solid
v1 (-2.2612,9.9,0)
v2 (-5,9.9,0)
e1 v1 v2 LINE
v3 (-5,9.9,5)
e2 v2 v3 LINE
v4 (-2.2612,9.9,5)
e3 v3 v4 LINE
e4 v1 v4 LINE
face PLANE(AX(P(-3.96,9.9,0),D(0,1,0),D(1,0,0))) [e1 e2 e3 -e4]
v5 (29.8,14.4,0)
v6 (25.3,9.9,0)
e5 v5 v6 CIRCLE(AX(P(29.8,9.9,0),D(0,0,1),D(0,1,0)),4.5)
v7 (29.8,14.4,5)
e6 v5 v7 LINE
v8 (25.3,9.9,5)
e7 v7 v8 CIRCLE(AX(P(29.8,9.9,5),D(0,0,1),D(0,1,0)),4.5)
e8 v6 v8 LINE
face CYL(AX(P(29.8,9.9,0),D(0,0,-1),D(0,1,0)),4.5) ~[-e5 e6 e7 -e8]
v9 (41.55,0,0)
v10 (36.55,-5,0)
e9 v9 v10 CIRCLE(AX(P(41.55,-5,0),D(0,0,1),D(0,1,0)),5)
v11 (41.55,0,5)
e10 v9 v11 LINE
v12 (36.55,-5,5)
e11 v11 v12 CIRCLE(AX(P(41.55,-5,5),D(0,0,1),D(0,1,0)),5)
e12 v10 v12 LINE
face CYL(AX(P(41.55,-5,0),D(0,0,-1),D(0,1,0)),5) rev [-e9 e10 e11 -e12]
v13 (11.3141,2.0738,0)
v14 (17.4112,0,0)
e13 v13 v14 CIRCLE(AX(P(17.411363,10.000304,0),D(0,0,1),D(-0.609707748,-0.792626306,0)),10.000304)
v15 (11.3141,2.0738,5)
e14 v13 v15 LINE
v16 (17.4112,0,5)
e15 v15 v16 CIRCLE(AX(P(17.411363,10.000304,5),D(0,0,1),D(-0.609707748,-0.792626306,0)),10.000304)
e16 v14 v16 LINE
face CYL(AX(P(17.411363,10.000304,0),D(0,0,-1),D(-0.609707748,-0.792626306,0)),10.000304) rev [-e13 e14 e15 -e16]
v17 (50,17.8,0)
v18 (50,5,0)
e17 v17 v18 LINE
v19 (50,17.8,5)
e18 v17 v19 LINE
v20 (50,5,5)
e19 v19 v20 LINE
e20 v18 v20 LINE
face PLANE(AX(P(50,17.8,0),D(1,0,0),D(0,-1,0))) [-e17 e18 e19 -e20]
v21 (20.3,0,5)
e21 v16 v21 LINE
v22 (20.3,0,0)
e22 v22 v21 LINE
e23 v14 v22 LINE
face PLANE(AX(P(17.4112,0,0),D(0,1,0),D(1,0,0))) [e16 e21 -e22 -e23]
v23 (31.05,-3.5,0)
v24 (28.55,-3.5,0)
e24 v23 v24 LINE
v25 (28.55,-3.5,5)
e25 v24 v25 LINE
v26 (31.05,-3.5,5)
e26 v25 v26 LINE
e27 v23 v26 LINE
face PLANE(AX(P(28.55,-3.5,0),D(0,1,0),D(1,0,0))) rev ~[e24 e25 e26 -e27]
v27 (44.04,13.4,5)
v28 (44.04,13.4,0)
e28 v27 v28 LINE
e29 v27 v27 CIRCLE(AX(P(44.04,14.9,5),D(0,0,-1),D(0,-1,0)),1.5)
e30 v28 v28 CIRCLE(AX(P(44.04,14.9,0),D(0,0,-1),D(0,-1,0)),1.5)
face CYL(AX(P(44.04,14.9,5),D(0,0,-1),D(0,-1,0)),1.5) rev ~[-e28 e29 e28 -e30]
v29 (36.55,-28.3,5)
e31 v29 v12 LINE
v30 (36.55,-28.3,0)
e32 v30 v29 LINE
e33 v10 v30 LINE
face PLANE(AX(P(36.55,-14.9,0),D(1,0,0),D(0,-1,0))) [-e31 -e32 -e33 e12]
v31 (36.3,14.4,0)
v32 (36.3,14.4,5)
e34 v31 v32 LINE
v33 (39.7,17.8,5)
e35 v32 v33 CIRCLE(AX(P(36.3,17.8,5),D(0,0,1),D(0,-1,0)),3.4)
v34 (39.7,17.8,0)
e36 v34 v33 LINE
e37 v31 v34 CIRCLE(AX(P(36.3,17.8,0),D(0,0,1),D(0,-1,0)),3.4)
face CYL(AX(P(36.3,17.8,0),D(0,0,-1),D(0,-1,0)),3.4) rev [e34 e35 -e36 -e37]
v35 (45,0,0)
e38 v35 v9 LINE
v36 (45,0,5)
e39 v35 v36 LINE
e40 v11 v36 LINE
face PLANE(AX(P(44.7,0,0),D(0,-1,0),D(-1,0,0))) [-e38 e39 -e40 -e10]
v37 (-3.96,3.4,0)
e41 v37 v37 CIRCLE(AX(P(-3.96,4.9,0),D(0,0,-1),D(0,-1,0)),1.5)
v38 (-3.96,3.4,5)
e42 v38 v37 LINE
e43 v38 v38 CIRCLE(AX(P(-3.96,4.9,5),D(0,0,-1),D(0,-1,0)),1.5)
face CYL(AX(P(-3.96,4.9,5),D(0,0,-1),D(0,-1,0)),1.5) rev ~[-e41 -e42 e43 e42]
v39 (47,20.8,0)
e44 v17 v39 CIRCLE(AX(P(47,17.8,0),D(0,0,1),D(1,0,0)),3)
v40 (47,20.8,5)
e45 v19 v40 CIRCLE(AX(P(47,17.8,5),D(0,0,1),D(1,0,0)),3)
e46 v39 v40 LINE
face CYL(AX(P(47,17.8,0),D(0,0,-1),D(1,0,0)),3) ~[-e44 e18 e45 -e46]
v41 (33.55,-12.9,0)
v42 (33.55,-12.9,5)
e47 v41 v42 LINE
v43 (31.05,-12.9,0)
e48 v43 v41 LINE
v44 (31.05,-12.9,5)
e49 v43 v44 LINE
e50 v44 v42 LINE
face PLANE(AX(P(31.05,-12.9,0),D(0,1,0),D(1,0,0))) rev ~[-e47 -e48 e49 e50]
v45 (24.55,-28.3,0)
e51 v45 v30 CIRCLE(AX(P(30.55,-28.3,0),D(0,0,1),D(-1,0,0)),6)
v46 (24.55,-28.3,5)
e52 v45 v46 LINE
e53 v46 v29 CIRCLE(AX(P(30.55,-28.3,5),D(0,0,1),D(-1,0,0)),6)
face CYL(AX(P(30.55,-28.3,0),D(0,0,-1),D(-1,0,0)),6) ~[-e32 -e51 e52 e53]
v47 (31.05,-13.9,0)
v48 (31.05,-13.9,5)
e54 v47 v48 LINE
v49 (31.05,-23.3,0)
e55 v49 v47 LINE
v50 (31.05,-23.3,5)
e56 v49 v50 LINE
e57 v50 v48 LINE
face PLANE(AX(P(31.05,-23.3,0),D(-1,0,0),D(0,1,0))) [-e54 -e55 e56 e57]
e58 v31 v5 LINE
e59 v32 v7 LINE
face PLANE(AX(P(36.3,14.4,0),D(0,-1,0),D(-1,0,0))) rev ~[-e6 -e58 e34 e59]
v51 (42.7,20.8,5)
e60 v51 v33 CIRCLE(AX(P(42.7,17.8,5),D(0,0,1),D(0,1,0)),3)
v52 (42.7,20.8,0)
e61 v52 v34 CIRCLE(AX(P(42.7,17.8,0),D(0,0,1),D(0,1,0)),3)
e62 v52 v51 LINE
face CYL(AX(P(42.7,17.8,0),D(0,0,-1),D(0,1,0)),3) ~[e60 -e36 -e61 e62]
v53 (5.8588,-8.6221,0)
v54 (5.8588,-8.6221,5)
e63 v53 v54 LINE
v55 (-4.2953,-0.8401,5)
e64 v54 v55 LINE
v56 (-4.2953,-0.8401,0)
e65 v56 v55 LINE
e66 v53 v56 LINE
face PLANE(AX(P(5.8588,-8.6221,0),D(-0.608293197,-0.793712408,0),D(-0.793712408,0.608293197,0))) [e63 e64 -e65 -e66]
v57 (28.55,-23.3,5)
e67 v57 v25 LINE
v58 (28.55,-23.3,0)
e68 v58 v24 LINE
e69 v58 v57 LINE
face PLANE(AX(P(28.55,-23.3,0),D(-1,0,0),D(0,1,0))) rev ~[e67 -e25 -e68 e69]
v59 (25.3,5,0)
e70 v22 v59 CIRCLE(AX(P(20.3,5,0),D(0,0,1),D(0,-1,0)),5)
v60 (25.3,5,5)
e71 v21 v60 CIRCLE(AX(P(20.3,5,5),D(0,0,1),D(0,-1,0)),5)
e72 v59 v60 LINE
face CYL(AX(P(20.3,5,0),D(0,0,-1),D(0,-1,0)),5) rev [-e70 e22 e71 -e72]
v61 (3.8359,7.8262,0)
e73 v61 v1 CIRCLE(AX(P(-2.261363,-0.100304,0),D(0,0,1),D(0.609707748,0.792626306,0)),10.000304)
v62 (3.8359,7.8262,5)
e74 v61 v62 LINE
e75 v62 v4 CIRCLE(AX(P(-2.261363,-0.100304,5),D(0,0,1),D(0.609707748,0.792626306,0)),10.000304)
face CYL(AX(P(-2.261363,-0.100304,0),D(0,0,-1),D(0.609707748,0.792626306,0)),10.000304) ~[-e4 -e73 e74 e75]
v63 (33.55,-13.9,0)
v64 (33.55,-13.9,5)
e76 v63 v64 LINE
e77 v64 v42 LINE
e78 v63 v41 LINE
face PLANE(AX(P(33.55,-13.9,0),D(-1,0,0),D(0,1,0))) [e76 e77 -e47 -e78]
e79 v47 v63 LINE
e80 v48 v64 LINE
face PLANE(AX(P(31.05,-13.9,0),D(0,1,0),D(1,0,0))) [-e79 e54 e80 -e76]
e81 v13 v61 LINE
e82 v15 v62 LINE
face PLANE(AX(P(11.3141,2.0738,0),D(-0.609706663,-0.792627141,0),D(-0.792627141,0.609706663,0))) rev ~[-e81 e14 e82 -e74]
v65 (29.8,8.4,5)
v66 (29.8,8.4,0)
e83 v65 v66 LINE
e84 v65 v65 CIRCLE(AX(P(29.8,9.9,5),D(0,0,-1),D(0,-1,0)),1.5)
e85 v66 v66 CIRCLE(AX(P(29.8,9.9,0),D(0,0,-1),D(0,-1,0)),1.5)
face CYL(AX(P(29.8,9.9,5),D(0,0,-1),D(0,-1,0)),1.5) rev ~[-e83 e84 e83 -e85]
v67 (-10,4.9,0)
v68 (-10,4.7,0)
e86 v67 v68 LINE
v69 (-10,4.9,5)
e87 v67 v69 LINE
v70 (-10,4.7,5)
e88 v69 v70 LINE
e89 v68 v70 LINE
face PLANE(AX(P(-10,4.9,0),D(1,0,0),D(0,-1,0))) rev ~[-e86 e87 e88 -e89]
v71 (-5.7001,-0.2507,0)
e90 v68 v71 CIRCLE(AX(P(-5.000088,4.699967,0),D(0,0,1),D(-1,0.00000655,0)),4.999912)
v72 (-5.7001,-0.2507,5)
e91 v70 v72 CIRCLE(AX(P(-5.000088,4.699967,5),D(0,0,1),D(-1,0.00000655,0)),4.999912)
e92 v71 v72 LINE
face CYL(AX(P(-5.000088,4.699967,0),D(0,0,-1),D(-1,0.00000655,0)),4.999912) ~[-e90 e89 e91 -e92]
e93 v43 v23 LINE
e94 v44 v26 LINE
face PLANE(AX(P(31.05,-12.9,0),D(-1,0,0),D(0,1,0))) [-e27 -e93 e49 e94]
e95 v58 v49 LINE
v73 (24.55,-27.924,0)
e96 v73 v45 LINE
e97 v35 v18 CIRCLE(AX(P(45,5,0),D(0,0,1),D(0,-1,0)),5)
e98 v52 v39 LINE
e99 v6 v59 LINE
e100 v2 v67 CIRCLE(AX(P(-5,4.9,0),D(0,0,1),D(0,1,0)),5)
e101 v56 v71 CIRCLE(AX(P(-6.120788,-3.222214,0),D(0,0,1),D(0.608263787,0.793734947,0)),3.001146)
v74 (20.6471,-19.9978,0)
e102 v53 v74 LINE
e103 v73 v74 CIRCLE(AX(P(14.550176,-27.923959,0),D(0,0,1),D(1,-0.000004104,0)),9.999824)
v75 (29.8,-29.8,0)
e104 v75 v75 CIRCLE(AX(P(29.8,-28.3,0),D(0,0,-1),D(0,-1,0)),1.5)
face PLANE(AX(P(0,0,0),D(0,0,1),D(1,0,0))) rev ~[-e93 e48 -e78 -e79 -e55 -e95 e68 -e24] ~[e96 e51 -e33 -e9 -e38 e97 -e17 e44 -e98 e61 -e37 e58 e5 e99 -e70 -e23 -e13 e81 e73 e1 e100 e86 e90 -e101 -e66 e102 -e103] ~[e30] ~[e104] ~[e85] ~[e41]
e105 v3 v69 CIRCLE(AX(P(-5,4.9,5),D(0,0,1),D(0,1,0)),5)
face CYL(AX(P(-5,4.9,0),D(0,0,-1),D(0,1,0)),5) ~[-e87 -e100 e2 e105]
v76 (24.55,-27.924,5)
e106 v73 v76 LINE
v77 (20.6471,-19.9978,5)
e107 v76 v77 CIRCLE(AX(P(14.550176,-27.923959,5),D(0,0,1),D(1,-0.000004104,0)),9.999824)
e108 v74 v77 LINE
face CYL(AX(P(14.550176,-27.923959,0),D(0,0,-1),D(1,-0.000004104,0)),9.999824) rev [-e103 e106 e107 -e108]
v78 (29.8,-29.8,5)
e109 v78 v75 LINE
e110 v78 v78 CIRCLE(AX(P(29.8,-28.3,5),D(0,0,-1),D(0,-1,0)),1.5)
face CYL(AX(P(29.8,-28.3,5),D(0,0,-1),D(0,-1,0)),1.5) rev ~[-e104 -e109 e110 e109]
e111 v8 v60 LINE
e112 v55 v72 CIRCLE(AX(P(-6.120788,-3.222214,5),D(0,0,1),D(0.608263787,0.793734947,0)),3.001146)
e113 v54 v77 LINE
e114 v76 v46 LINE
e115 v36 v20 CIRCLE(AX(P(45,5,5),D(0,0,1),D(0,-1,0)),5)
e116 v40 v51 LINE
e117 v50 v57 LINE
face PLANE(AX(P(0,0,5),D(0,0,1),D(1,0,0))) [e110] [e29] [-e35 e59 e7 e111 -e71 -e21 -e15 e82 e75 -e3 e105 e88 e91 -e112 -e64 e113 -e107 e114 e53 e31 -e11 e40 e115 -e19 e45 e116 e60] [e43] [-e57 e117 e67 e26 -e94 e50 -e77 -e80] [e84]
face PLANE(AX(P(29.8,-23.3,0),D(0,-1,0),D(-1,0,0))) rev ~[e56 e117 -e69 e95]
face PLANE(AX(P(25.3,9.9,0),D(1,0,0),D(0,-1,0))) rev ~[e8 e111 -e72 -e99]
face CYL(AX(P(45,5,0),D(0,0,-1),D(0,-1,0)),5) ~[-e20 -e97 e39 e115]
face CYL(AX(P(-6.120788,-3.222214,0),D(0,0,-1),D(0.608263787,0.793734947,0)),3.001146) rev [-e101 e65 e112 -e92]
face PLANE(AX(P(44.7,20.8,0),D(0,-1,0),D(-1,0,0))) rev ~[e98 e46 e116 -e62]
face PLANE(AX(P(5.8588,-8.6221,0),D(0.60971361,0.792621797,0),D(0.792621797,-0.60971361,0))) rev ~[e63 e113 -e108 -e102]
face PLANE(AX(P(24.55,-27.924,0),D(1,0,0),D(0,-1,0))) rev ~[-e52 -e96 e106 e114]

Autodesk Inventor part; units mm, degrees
ref_plane "YZ Plane" through (0, 0, 0) normal (1, 0, 0) x (0, 1, 0)
ref_plane "XZ Plane" through (0, 0, 0) normal (0, 1, 0) x (-1, 0, 0)
ref_plane "XY Plane" through (0, 0, 0) normal (0, 0, 1) x (1, 0, 0)
sketch "Sketch1" plane through (0, 0, 0) normal (0, 0, 1) x (1, 0, 0)
  line L0 (-3.96, 9.9) -> (-5, 9.9)
  line L1 (-3.96, 9.9) -> (-2.2612, 9.9)
  line L2 (-5, 9.9) -> (-2.2612, 9.9)
  arc A0 (3.8359, 7.8262) -> (-2.2612, 9.9) centre (-2.2612, -0.1) ccw
  arc A1 (3.8359, 7.8262) -> (-2.2612, 9.9) centre (-2.2612, -0.1) ccw
  line L3 (11.3141, 2.0738) -> (3.8359, 7.8262)
  line L4 (3.8359, 7.8262) -> (11.3141, 2.0738)
  line L5 (29.8, -3.5) -> (31.05, -3.5)
  line L6 (31.05, -23.3) -> (28.55, -23.3)
  line L7 (28.55, -23.3) -> (28.55, -3.5)
  line L8 (28.55, -23.3) -> (28.55, -3.5)
  line L9 (5.8588, -8.6221) -> (20.6471, -19.9978)
  line L10 (20.6471, -19.9978) -> (5.8588, -8.6221)
  line L11 (31.05, -12.9) -> (33.55, -12.9)
  line L12 (36.55, -13) -> (36.55, -5)
  line L13 (33.55, -13.9) -> (33.55, -12.9)
  line L14 (33.55, -12.9) -> (33.55, -13.9)
  line L15 (33.55, -12.9) -> (31.05, -12.9)
  line L16 (31.05, -13.9) -> (33.55, -13.9)
  line L17 (33.55, -13.9) -> (31.05, -13.9)
  line L18 (31.05, -23.3) -> (31.05, -13.9)
  line L19 (31.05, -13.9) -> (31.05, -23.3)
  line L20 (36.55, -5) -> (36.55, -28.3)
  line L21 (36.55, -13) -> (36.55, -14.9)
  line L22 (29.8, -23.3) -> (29.8, -28.3)
  line L23 (36.55, -14.9) -> (36.55, -28.3)
  line L24 (31.05, -12.9) -> (31.05, -3.5)
  line L25 (31.05, -3.5) -> (31.05, -12.9)
  arc A2 (29.8, 14.4) -> (25.3, 9.9) centre (29.8, 9.9) ccw
  arc A3 (29.8, 14.4) -> (25.3, 9.9) centre (29.8, 9.9) ccw
  arc A4 (36.3, 14.4) -> (39.7, 17.8) centre (36.3, 17.8) ccw
  arc A5 (36.3, 14.4) -> (39.7, 17.8) centre (36.3, 17.8) ccw
  line L26 (36.3, 14.4) -> (29.8, 14.4)
  line L27 (29.8, 14.4) -> (36.3, 14.4)
  line L28 (39.7, 17.8) -> (39.7, 17.8)
  arc A6 (-5, 9.9) -> (-10, 4.9) centre (-5, 4.9) ccw
  arc A7 (-5, 9.9) -> (-10, 4.9) centre (-5, 4.9) ccw
  arc A8 (-10, 4.7) -> (-5.7001, -0.2507) centre (-5, 4.7) ccw
  arc A9 (-10, 4.7) -> (-5.7001, -0.2507) centre (-5, 4.7) ccw
  line L29 (-10, 4.9) -> (-10, 4.7)
  line L30 (-10, 4.7) -> (-10, 4.9)
  line L31 (17.4112, 0) -> (20.3, 0)
  line L32 (28.55, -3.5) -> (29.8, -3.5)
  arc A10 (11.3141, 2.0738) -> (17.4112, 0) centre (17.4112, 10) ccw
  arc A11 (11.3141, 2.0738) -> (17.4112, 0) centre (17.4112, 10) ccw
  line L33 (50, 17.8) -> (50, 5)
  arc A12 (42.7, 20.8) -> (39.7, 17.8) centre (42.7, 17.8) ccw
  arc A13 (42.7, 20.8) -> (39.7, 17.8) centre (42.7, 17.8) ccw
  line L34 (44.7, 20.8) -> (42.7, 20.8)
  line L35 (42.7, 20.8) -> (46.7, 20.8)
  line L36 (44.7, 20.8) -> (47, 20.8)
  line L37 (50, 17.8) -> (50, 17.8)
  arc A14 (50, 17.8) -> (47, 20.8) centre (47, 17.8) ccw
  arc A15 (46.85, 20.7962) -> (46.7, 20.8) centre (46.7, 17.8) ccw
  line L38 (45, 0) -> (41.55, 0)
  arc A16 (41.55, 0) -> (36.55, -5) centre (41.55, -5) ccw
  arc A17 (45, 0) -> (50, 5) centre (45, 5) ccw
  line L39 (44.7, 0) -> (41.55, 0)
  line L40 (28.55, -3.5) -> (31.05, -3.5)
  arc A18 (41.55, 0) -> (36.55, -5) centre (41.55, -5) ccw
  arc A19 (44.7, 0) -> (44.85, 0.0023) centre (44.7, 5) ccw
  arc A20 (24.55, -28.3) -> (36.55, -28.3) centre (30.55, -28.3) ccw
  line L41 (31.05, -23.3) -> (28.55, -23.3)
  arc A21 (24.55, -27.924) -> (20.6471, -19.9978) centre (14.55, -27.924) ccw
  arc A22 (24.55, -27.924) -> (20.6471, -19.9978) centre (14.55, -27.924) ccw
  line L42 (24.55, -27.924) -> (24.55, -28.3)
  line L43 (24.55, -28.3) -> (24.55, -27.924)
  arc A23 (24.55, -28.3) -> (36.55, -28.3) centre (30.55, -28.3) ccw
  arc A24 (-4.2953, -0.8401) -> (-5.7001, -0.2507) centre (-6.1202, -3.2212) ccw
  arc A25 (-4.2953, -0.8401) -> (-5.7001, -0.2507) centre (-6.1202, -3.2212) ccw
  line L44 (5.8588, -8.6221) -> (-4.2953, -0.8401)
  line L45 (5.8588, -8.6221) -> (-4.2953, -0.8401)
  line L46 (25.3, 9.9) -> (25.3, 5)
  arc A26 (20.3, 0) -> (25.3, 5) centre (20.3, 5) ccw
  line L47 (25.3, 5) -> (25.3, 9.9)
  arc A27 (20.3, 0) -> (25.3, 5) centre (20.3, 5) ccw
  line L48 (17.4112, 0) -> (20.3, 0)
  point P0 (0, 0)
  point P1 (0, 0)
  dimension "d46" = 1.25
  dimension "d47" = 2.5
  dimension "d48" = 19.8
  dimension "d49" = 5
  dimension "d50" = 9.4
  dimension "d51" = 2.5
  dimension "d52" = 1
  dimension "d53" = 5
  dimension "d54" = 5
  dimension "d55" = 10
  dimension "d56" = 10
  dimension "d57" = 5
  dimension "d58" = 3
  dimension "d59" = 3
  dimension "d62" = 60
  dimension "d63" = 6.75
  dimension "d64" = 0.75
  dimension "d65" = 5.25
  dimension "d66" = 5
extrude "Extrusion1" add sketch "Sketch1" along normal blind 5
sketch "Sketch2" plane through (0, 0, 5) normal (0, 0, 1) x (1, 0, 0)
  arc A0 (29.8, 14.4) -> (25.3, 9.9) centre (29.8, 9.9) ccw projected
  line L0 (17.4112, 0) -> (20.3, 0)
  circle A1 centre (44.04, 14.9) radius 1.5
  circle A2 centre (-3.96, 4.9) radius 1.5
  line L1 (29.8, -3.5) -> (31.05, -3.5)
  line L2 (31.05, -23.3) -> (28.55, -23.3)
  line L3 (28.55, -23.3) -> (28.55, -3.5)
  line L4 (28.55, -3.5) -> (29.8, -3.5)
  line L5 (29.8, -23.3) -> (29.8, -28.3)
  circle A3 centre (29.8, -28.3) radius 1.5
  line L6 (31.05, -23.3) -> (31.05, -13.9)
  line L7 (31.05, -13.9) -> (33.55, -13.9)
  line L8 (33.55, -13.9) -> (33.55, -12.9)
  line L9 (33.55, -12.9) -> (31.05, -12.9)
  line L10 (31.05, -12.9) -> (31.05, -3.5)
  line L11 (36.55, -14.9) -> (36.55, -28.3)
  line L12 (50, 17.8) -> (50, 5)
  line L13 (36.55, -13) -> (36.55, -14.9)
  arc A4 (24.55, -28.3) -> (36.55, -28.3) centre (30.55, -28.3) ccw
  line L14 (24.55, -27.924) -> (24.55, -28.3)
  line L15 (5.8588, -8.6221) -> (20.6471, -19.9978)
  circle A5 centre (29.8, 9.9) radius 1.5
  arc A6 (29.8, 14.4) -> (25.3, 9.9) centre (29.8, 9.9) ccw
  line L16 (25.3, 9.9) -> (25.3, 5)
  line L17 (36.55, -13) -> (36.55, -5)
  line L18 (45, 0) -> (41.55, 0)
  line L19 (36.3, 14.4) -> (29.8, 14.4)
  arc A7 (36.3, 14.4) -> (39.7, 17.8) centre (36.3, 17.8) ccw
  arc A8 (41.55, 0) -> (36.55, -5) centre (41.55, -5) ccw
  arc A9 (45, 0) -> (50, 5) centre (45, 5) ccw
  arc A10 (20.3, 0) -> (25.3, 5) centre (20.3, 5) ccw
  arc A11 (24.55, -27.924) -> (20.6471, -19.9978) centre (14.55, -27.924) ccw
  line L20 (-3.96, 9.9) -> (-2.2612, 9.9)
  line L21 (-3.96, 9.9) -> (-5, 9.9)
  line L22 (-10, 4.9) -> (-10, 4.7)
  line L23 (11.3141, 2.0738) -> (3.8359, 7.8262)
  arc A12 (11.3141, 2.0738) -> (17.4112, 0) centre (17.4112, 10) ccw
  arc A13 (3.8359, 7.8262) -> (-2.2612, 9.9) centre (-2.2612, -0.1) ccw
  arc A14 (-5, 9.9) -> (-10, 4.9) centre (-5, 4.9) ccw
  arc A15 (-10, 4.7) -> (-5.7001, -0.2507) centre (-5, 4.7) ccw
  line L24 (5.8588, -8.6221) -> (-4.2953, -0.8401)
  arc A16 (-4.2953, -0.8401) -> (-5.7001, -0.2507) centre (-6.1202, -3.2212) ccw
  line L25 (39.7, 17.8) -> (39.7, 17.8)
  line L26 (50, 17.8) -> (50, 17.8)
  line L27 (44.7, 20.8) -> (47, 20.8)
  line L28 (44.7, 20.8) -> (42.7, 20.8)
  arc A17 (42.7, 20.8) -> (39.7, 17.8) centre (42.7, 17.8) ccw
  arc A18 (50, 17.8) -> (47, 20.8) centre (47, 17.8) ccw
  line L29 (36.55, -5) -> (36.55, -28.3) projected
  point P0 (0, 0)
  dimension "d16" = 1.25
  dimension "d17" = 2.5
  dimension "d18" = 19.8
  dimension "d19" = 5
  dimension "d20" = 9.4
  dimension "d21" = 2.5
  dimension "d22" = 1
  dimension "d23" = 5
  dimension "d24" = 5
  dimension "d25" = 10
  dimension "d26" = 10
  dimension "d27" = 5
  dimension "d28" = 3
  dimension "d29" = 3
  dimension "d37" = 48
  dimension "d39" = 10
  dimension "d40" = 60
  dimension "d41" = 6.75
  dimension "d42" = 0.75
  dimension "d43" = 5.25
  dimension "d44" = 5
  dimension "d45" = 33.2
hole "Hole1" at (29.8, -28.3, 5) at (44.04, 14.9, 5) at (29.8, 9.9, 5) at (-3.96, 4.9, 5) direction (0, 0, -1) diameter 3 end through all
properties part number "braket bawah"
